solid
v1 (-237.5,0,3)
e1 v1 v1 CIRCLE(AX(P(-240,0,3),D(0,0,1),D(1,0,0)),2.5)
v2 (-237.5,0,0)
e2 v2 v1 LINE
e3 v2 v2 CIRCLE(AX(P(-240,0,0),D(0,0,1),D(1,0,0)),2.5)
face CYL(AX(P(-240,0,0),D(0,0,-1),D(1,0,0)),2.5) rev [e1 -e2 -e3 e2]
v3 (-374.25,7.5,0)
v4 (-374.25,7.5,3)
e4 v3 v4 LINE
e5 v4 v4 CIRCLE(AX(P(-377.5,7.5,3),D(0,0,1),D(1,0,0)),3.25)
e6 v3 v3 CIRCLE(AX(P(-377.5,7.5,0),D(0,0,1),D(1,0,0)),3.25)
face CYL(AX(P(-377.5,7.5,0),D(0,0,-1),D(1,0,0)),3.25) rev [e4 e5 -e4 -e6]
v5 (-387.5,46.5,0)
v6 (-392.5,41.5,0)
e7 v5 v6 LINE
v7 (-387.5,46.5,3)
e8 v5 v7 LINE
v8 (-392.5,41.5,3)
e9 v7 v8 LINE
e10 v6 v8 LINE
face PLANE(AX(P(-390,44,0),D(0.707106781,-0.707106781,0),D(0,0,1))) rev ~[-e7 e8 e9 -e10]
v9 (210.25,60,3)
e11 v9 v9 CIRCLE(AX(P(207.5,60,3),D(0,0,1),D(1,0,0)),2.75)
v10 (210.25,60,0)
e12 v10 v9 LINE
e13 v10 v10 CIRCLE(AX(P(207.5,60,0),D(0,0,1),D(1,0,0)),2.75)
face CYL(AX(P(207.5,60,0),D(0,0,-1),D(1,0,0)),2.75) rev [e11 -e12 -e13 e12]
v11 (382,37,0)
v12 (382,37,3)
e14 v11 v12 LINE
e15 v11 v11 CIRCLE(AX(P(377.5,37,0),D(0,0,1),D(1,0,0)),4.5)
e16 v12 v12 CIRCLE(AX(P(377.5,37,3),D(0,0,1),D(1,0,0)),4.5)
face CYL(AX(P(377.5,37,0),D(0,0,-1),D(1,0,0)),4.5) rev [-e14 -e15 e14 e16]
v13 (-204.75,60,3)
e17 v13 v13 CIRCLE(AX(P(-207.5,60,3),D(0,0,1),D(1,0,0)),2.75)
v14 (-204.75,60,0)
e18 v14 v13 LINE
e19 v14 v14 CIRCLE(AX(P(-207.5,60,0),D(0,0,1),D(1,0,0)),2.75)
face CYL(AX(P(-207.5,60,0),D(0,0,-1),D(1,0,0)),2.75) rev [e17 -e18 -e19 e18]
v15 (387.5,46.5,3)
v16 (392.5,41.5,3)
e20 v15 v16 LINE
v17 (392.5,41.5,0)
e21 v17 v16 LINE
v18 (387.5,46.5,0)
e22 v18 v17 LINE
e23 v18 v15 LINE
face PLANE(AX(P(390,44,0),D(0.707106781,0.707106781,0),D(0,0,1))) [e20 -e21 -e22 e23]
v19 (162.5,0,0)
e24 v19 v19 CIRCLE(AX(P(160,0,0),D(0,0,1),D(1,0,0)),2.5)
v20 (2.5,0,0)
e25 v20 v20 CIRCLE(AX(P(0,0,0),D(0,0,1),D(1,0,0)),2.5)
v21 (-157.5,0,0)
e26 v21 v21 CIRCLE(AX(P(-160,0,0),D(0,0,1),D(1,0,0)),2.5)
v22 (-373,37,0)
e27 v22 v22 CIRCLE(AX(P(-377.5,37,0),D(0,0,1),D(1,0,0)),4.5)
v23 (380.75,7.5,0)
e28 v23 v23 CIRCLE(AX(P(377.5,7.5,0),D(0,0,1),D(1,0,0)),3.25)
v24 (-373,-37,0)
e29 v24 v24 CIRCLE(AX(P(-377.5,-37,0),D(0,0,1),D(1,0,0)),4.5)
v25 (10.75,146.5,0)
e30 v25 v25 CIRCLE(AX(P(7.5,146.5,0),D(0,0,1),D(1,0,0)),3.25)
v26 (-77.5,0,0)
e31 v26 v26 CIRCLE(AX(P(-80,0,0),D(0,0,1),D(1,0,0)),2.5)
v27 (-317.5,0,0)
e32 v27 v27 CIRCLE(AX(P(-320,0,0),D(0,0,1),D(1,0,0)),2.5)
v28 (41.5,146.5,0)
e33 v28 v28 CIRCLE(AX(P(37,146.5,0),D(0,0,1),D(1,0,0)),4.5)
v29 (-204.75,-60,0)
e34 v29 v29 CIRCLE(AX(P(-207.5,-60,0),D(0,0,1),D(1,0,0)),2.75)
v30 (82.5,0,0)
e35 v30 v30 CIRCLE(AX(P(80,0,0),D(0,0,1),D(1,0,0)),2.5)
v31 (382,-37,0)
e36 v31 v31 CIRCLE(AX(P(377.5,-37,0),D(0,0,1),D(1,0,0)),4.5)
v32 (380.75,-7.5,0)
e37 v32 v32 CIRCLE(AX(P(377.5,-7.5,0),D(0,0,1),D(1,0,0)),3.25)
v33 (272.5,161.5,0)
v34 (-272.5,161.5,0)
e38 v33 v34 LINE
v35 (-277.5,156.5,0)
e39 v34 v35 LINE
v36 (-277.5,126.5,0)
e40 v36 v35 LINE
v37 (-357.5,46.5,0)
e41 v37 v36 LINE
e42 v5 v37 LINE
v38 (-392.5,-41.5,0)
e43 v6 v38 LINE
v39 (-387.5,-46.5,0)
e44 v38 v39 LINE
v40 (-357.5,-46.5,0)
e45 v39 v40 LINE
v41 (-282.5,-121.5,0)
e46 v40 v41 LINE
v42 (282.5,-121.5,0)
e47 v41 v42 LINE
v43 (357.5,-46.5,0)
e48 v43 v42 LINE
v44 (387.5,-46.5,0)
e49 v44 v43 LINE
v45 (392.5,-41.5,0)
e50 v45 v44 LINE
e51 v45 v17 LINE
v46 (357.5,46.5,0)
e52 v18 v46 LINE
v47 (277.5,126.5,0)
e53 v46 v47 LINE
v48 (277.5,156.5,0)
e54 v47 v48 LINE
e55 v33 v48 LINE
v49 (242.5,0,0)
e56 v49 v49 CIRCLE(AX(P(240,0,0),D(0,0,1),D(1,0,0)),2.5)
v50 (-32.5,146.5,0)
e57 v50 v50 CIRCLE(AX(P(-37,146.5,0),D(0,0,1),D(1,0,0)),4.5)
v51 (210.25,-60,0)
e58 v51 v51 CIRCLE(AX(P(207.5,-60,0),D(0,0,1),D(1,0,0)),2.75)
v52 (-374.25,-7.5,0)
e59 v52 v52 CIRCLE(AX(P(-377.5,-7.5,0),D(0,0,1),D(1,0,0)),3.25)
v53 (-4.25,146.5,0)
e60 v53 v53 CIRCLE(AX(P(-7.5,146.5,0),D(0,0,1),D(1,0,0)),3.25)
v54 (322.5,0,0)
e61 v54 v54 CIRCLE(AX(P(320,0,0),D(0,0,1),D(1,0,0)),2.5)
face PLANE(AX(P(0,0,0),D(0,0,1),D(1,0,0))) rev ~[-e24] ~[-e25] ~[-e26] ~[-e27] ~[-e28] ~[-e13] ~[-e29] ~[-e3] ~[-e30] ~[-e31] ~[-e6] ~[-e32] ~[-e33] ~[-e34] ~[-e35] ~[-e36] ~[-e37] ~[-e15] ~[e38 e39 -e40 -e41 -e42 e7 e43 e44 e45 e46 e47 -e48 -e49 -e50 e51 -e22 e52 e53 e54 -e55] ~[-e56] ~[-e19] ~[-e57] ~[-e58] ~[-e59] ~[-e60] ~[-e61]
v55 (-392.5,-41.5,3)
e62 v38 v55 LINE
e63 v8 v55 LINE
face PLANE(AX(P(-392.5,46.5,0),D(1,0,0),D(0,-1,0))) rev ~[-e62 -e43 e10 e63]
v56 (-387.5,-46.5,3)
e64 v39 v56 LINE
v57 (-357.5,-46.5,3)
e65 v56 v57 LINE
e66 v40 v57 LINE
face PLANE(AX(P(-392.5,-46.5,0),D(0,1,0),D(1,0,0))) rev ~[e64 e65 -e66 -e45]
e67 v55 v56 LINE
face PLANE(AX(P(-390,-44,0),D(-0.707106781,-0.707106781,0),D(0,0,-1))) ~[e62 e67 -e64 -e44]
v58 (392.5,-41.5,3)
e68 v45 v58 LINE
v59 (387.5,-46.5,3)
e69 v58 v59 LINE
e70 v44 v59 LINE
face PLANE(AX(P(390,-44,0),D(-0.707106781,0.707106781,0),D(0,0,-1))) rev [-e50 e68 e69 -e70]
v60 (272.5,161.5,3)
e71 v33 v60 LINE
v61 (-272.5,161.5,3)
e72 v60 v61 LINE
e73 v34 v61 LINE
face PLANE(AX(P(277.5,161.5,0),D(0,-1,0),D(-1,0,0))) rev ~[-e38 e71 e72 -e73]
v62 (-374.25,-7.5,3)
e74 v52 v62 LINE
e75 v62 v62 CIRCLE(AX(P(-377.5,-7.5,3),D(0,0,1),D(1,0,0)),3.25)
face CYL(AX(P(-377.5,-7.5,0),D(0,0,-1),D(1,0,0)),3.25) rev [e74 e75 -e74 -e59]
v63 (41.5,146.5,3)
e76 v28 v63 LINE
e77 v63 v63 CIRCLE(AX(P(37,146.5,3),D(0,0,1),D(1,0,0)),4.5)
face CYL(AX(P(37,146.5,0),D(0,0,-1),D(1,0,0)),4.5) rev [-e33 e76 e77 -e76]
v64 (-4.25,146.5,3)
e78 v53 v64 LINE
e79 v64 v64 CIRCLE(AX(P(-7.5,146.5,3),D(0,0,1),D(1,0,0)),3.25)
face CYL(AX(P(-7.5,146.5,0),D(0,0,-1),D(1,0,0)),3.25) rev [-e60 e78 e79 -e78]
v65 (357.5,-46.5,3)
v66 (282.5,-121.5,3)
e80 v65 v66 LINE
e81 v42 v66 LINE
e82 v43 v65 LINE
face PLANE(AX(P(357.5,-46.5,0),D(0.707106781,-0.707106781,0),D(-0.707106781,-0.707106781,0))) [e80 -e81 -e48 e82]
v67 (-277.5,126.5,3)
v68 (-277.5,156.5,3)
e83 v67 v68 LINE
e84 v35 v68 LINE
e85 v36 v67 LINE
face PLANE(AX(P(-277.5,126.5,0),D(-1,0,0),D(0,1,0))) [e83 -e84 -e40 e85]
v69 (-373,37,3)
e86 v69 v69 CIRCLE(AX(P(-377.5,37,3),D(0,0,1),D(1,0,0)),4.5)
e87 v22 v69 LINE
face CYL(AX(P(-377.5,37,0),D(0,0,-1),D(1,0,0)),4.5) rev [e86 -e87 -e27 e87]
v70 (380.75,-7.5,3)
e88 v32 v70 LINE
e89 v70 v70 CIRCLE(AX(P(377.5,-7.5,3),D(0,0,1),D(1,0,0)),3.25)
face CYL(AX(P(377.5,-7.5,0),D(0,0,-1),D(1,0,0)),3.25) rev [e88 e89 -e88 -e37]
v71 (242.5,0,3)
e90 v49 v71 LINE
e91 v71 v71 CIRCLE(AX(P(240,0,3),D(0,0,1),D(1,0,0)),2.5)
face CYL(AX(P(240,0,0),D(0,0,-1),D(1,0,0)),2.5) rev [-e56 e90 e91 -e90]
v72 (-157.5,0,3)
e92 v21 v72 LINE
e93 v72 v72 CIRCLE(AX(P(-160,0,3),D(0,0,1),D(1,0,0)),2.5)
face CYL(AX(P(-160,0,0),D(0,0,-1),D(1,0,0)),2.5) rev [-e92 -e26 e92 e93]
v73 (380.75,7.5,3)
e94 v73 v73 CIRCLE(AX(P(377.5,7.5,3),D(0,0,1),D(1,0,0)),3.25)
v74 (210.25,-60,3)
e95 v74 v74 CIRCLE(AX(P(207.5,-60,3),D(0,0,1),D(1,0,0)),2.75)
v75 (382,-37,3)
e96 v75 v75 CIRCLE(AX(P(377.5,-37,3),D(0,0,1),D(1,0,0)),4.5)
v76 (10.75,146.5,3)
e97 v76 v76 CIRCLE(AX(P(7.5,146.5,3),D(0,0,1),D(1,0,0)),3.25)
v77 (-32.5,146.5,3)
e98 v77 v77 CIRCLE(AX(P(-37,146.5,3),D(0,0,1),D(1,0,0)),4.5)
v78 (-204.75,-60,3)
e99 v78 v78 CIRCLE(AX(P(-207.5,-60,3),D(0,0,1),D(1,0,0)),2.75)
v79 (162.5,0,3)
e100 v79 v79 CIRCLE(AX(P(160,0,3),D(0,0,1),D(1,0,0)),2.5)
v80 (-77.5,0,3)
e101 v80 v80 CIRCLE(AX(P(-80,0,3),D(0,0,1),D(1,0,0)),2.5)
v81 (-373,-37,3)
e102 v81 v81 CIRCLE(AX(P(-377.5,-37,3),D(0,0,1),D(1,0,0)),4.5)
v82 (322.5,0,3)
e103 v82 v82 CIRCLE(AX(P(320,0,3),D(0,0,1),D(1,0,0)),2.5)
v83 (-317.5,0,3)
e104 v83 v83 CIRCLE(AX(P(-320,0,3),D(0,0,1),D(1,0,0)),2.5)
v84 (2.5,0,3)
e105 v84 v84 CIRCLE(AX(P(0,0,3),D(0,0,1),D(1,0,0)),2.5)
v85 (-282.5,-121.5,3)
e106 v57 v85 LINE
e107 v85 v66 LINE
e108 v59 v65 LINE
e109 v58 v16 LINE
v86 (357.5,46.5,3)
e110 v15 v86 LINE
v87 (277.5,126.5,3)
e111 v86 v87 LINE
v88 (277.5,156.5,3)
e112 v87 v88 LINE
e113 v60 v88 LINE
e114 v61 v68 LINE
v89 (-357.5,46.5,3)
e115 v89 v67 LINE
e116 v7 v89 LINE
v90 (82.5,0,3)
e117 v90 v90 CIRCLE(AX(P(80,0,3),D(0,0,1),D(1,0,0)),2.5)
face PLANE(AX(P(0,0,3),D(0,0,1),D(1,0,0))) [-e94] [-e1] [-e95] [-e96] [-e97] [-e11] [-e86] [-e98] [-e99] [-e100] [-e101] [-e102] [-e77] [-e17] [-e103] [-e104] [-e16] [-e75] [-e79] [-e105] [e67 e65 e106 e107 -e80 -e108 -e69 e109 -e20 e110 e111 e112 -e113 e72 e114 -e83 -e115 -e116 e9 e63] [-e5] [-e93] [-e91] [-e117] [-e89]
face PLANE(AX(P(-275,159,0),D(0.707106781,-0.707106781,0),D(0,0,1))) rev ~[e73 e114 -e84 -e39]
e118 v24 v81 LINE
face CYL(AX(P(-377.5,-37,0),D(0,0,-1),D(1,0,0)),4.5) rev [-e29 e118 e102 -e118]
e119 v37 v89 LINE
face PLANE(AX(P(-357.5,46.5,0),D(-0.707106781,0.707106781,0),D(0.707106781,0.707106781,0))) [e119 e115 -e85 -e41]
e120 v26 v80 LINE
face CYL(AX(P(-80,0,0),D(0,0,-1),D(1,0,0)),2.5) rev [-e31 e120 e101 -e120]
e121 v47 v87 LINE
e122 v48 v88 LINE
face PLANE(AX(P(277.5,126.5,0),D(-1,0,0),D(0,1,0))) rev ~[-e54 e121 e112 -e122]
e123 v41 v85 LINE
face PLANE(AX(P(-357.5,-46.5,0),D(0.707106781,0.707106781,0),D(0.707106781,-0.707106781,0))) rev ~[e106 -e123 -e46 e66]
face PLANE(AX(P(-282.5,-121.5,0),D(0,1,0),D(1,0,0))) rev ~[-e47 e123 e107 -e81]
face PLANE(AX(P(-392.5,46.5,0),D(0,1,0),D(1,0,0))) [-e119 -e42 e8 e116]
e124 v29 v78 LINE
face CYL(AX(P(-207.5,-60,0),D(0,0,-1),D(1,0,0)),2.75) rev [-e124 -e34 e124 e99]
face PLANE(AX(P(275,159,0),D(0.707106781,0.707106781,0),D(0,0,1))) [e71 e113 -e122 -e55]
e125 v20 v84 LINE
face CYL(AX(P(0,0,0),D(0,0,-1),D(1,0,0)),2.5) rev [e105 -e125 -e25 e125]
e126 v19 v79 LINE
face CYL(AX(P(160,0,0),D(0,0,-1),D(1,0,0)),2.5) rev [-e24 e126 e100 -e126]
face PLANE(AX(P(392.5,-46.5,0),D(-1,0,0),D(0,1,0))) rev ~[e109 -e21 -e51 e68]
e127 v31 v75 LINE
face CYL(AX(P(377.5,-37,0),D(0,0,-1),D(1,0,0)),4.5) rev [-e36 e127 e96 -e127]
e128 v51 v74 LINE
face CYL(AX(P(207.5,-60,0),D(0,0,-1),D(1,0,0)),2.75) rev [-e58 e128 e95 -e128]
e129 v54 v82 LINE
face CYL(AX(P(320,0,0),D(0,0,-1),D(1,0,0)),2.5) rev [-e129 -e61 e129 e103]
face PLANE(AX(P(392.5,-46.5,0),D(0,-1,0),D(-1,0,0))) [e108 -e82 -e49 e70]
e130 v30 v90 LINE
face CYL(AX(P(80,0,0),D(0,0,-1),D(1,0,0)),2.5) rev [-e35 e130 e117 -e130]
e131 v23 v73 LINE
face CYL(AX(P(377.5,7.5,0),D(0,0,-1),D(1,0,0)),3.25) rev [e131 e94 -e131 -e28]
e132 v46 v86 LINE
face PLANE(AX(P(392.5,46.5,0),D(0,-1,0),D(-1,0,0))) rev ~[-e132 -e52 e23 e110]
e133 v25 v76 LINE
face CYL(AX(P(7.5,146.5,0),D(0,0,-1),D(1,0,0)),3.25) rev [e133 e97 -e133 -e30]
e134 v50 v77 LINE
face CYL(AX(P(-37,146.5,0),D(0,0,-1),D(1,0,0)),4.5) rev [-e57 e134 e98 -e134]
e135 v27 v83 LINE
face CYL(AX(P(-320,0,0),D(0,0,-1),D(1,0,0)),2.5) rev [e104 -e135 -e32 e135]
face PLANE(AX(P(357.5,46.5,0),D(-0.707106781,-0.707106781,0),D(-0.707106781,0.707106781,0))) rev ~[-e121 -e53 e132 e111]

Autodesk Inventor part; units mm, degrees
ref_plane "YZ Plane" through (0, 0, 0) normal (1, 0, 0) x (0, 1, 0)
ref_plane "XZ Plane" through (0, 0, 0) normal (0, 1, 0) x (-1, 0, 0)
ref_plane "XY Plane" through (0, 0, 0) normal (0, 0, 1) x (1, 0, 0)
sketch "Skizze1" plane through (0, 0, 0) normal (0, 0, 1) x (1, 0, 0)
  line L0 (-397.5, 166.5) -> (397.5, 166.5)
  line L1 (397.5, 166.5) -> (397.5, -166.5)
  line L2 (397.5, -166.5) -> (-397.5, -166.5)
  line L3 (-397.5, -166.5) -> (-397.5, 166.5)
  line L4 (-397.5, 166.5) -> (397.5, -166.5) construction
  line L5 (397.5, 166.5) -> (-397.5, -166.5) construction
  line L6 (-357.5, 126.5) -> (357.5, 126.5)
  line L7 (357.5, 126.5) -> (357.5, -126.5)
  line L8 (357.5, -126.5) -> (-357.5, -126.5)
  line L9 (-357.5, -126.5) -> (-357.5, 126.5)
  line L10 (0, 233.1) -> (0, -233.1) construction
  line L11 (-397.5, 46.5) -> (-357.5, 46.5)
  line L12 (-357.5, 46.5) -> (-277.5, 126.5)
  line L13 (-277.5, 126.5) -> (-277.5, 166.5)
  line L14 (-397.5, -46.5) -> (-357.5, -46.5)
  line L15 (-357.5, -46.5) -> (-277.5, -126.5)
  line L16 (-277.5, -126.5) -> (-277.5, -166.5)
  line L17 (357.5, 46.5) -> (277.5, 126.5)
  line L18 (277.5, 126.5) -> (277.5, 166.5)
  line L19 (397.5, -46.5) -> (357.5, -46.5)
  line L20 (357.5, -46.5) -> (277.5, -126.5)
  line L21 (392.5, 161.5) -> (-392.5, 161.5)
  line L22 (-392.5, 161.5) -> (-392.5, -161.5)
  line L23 (-392.5, -161.5) -> (392.5, -161.5)
  line L24 (392.5, -161.5) -> (392.5, 161.5)
  circle A0 centre (-207.5, -60) radius 2.75
  line L25 (-556.5, 0) -> (556.5, 0) construction
  circle A1 centre (-207.5, 60) radius 2.75
  circle A2 centre (207.5, -60) radius 2.75
  circle A3 centre (207.5, 60) radius 2.75
  line L26 (-385.5, -45) -> (-369.5, -45) construction
  line L27 (-369.5, -45) -> (-369.5, 45) construction
  line L28 (-369.5, 45) -> (-385.5, 45) construction
  line L29 (-385.5, 45) -> (-385.5, -45) construction
  line L30 (-385.5, -45) -> (-369.5, 45) construction
  line L31 (-369.5, -45) -> (-385.5, 45) construction
  circle A4 centre (-377.5, -7.5) radius 3.25
  circle A5 centre (-377.5, -37) radius 4.5
  line L32 (-369.5, 0) -> (-385.5, 0) construction
  line L33 (-377.5, -45) -> (-377.5, 45) construction
  circle A6 centre (-377.5, 37) radius 4.5
  circle A7 centre (-377.5, 7.5) radius 3.25
  line L34 (-47.5, 154.5) -> (47.5, 154.5) construction
  line L35 (47.5, 154.5) -> (47.5, 138.5) construction
  line L36 (47.5, 138.5) -> (-47.5, 138.5) construction
  line L37 (-47.5, 138.5) -> (-47.5, 154.5) construction
  line L38 (-47.5, 154.5) -> (47.5, 138.5) construction
  line L39 (47.5, 154.5) -> (-47.5, 138.5) construction
  line L40 (-47.5, 146.5) -> (47.5, 146.5) construction
  circle A8 centre (-7.5, 146.5) radius 3.25
  circle A9 centre (-37, 146.5) radius 4.5
  circle A10 centre (7.5, 146.5) radius 3.25
  circle A11 centre (37, 146.5) radius 4.5
  circle A12 centre (377.5, -37) radius 4.5
  circle A13 centre (377.5, -7.5) radius 3.25
  circle A14 centre (377.5, 7.5) radius 3.25
  circle A15 centre (377.5, 37) radius 4.5
  circle A16 centre (0, 0) radius 2.5
  circle A17 centre (80, 0) radius 2.5
  circle A18 centre (160, 0) radius 2.5
  circle A19 centre (240, 0) radius 2.5
  circle A20 centre (320, 0) radius 2.5
  circle A21 centre (-80, 0) radius 2.5
  circle A22 centre (-160, 0) radius 2.5
  circle A23 centre (-240, 0) radius 2.5
  circle A24 centre (-320, 0) radius 2.5
  line L41 (-282.5, -121.5) -> (282.5, -121.5)
  line L42 (397.5, 46.5) -> (357.5, 46.5)
  line L43 (277.5, -126.5) -> (277.5, -166.5)
  point P0 (0, 0)
  point P1 (277.5, 161.5)
  point P2 (-277.5, 161.5)
  point P3 (-392.5, 46.5)
  point P4 (-392.5, -46.5)
  point P5 (-310.6574, -126.5)
  point P6 (277.5, -126.5)
  point P7 (392.5, -46.5)
  point P8 (-207.5, 0)
  point P9 (-377.5, 0)
  point P10 (0, 146.5)
  point P11 (392.5, 46.5)
  point P12 (277.5, -161.5)
  point P13 (-277.5, -161.5)
  dimension "d0" = 795
  dimension "d1" = 333
  dimension "d2" = 40
  dimension "d13" = 5
  dimension "d16" = 5.5
  dimension "d22" = 60
  dimension "d25" = 16
  dimension "d26" = 90
  dimension "d27" = 6.5
  dimension "d28" = 9
  dimension "d29" = 7.5
  dimension "d30" = 37
  dimension "d33" = 20
  dimension "d34" = 95
  dimension "d35" = 16
  dimension "d36" = 20
  dimension "d37" = 6.5
  dimension "d38" = 9
  dimension "d39" = 7.5
  dimension "d40" = 37
  dimension "d41" = 5
  dimension "d44" = 80
  dimension "d51" = 80
  dimension "d56" = 5
  dimension "d57" = 121.5
  dimension "d58" = 120
  dimension "d59" = 120
  dimension "d60" = 120
  dimension "d61" = 120
extrude "Extrusion1" add sketch "Skizze1" along normal blind 3 contours L21 L18 L6 L13 | L11 L9 L14 L22 | L6 L17 L7 L20 L41 L15 L9 L12 | L24 L19 L7 L42
chamfer "Fase-5mm" distance 5 angle 45 6 edges at (-277.5, 161.5, 1.5) (277.5, 161.5, 1.5) (392.5, 46.5, 1.5) (392.5, -46.5, 1.5) (-392.5, -46.5, 1.5) (-392.5, 46.5, 1.5)
equation "\"d37\" = d27"
equation "\"d38\" = d28"
equation "\"d39\" = d29"
equation "\"d40\" = d30"
equation "\"d59\" = d58"
equation "\"d60\" = d58"
equation "\"d61\" = d58"
properties part number "enc - SidePanel Oben V2"
